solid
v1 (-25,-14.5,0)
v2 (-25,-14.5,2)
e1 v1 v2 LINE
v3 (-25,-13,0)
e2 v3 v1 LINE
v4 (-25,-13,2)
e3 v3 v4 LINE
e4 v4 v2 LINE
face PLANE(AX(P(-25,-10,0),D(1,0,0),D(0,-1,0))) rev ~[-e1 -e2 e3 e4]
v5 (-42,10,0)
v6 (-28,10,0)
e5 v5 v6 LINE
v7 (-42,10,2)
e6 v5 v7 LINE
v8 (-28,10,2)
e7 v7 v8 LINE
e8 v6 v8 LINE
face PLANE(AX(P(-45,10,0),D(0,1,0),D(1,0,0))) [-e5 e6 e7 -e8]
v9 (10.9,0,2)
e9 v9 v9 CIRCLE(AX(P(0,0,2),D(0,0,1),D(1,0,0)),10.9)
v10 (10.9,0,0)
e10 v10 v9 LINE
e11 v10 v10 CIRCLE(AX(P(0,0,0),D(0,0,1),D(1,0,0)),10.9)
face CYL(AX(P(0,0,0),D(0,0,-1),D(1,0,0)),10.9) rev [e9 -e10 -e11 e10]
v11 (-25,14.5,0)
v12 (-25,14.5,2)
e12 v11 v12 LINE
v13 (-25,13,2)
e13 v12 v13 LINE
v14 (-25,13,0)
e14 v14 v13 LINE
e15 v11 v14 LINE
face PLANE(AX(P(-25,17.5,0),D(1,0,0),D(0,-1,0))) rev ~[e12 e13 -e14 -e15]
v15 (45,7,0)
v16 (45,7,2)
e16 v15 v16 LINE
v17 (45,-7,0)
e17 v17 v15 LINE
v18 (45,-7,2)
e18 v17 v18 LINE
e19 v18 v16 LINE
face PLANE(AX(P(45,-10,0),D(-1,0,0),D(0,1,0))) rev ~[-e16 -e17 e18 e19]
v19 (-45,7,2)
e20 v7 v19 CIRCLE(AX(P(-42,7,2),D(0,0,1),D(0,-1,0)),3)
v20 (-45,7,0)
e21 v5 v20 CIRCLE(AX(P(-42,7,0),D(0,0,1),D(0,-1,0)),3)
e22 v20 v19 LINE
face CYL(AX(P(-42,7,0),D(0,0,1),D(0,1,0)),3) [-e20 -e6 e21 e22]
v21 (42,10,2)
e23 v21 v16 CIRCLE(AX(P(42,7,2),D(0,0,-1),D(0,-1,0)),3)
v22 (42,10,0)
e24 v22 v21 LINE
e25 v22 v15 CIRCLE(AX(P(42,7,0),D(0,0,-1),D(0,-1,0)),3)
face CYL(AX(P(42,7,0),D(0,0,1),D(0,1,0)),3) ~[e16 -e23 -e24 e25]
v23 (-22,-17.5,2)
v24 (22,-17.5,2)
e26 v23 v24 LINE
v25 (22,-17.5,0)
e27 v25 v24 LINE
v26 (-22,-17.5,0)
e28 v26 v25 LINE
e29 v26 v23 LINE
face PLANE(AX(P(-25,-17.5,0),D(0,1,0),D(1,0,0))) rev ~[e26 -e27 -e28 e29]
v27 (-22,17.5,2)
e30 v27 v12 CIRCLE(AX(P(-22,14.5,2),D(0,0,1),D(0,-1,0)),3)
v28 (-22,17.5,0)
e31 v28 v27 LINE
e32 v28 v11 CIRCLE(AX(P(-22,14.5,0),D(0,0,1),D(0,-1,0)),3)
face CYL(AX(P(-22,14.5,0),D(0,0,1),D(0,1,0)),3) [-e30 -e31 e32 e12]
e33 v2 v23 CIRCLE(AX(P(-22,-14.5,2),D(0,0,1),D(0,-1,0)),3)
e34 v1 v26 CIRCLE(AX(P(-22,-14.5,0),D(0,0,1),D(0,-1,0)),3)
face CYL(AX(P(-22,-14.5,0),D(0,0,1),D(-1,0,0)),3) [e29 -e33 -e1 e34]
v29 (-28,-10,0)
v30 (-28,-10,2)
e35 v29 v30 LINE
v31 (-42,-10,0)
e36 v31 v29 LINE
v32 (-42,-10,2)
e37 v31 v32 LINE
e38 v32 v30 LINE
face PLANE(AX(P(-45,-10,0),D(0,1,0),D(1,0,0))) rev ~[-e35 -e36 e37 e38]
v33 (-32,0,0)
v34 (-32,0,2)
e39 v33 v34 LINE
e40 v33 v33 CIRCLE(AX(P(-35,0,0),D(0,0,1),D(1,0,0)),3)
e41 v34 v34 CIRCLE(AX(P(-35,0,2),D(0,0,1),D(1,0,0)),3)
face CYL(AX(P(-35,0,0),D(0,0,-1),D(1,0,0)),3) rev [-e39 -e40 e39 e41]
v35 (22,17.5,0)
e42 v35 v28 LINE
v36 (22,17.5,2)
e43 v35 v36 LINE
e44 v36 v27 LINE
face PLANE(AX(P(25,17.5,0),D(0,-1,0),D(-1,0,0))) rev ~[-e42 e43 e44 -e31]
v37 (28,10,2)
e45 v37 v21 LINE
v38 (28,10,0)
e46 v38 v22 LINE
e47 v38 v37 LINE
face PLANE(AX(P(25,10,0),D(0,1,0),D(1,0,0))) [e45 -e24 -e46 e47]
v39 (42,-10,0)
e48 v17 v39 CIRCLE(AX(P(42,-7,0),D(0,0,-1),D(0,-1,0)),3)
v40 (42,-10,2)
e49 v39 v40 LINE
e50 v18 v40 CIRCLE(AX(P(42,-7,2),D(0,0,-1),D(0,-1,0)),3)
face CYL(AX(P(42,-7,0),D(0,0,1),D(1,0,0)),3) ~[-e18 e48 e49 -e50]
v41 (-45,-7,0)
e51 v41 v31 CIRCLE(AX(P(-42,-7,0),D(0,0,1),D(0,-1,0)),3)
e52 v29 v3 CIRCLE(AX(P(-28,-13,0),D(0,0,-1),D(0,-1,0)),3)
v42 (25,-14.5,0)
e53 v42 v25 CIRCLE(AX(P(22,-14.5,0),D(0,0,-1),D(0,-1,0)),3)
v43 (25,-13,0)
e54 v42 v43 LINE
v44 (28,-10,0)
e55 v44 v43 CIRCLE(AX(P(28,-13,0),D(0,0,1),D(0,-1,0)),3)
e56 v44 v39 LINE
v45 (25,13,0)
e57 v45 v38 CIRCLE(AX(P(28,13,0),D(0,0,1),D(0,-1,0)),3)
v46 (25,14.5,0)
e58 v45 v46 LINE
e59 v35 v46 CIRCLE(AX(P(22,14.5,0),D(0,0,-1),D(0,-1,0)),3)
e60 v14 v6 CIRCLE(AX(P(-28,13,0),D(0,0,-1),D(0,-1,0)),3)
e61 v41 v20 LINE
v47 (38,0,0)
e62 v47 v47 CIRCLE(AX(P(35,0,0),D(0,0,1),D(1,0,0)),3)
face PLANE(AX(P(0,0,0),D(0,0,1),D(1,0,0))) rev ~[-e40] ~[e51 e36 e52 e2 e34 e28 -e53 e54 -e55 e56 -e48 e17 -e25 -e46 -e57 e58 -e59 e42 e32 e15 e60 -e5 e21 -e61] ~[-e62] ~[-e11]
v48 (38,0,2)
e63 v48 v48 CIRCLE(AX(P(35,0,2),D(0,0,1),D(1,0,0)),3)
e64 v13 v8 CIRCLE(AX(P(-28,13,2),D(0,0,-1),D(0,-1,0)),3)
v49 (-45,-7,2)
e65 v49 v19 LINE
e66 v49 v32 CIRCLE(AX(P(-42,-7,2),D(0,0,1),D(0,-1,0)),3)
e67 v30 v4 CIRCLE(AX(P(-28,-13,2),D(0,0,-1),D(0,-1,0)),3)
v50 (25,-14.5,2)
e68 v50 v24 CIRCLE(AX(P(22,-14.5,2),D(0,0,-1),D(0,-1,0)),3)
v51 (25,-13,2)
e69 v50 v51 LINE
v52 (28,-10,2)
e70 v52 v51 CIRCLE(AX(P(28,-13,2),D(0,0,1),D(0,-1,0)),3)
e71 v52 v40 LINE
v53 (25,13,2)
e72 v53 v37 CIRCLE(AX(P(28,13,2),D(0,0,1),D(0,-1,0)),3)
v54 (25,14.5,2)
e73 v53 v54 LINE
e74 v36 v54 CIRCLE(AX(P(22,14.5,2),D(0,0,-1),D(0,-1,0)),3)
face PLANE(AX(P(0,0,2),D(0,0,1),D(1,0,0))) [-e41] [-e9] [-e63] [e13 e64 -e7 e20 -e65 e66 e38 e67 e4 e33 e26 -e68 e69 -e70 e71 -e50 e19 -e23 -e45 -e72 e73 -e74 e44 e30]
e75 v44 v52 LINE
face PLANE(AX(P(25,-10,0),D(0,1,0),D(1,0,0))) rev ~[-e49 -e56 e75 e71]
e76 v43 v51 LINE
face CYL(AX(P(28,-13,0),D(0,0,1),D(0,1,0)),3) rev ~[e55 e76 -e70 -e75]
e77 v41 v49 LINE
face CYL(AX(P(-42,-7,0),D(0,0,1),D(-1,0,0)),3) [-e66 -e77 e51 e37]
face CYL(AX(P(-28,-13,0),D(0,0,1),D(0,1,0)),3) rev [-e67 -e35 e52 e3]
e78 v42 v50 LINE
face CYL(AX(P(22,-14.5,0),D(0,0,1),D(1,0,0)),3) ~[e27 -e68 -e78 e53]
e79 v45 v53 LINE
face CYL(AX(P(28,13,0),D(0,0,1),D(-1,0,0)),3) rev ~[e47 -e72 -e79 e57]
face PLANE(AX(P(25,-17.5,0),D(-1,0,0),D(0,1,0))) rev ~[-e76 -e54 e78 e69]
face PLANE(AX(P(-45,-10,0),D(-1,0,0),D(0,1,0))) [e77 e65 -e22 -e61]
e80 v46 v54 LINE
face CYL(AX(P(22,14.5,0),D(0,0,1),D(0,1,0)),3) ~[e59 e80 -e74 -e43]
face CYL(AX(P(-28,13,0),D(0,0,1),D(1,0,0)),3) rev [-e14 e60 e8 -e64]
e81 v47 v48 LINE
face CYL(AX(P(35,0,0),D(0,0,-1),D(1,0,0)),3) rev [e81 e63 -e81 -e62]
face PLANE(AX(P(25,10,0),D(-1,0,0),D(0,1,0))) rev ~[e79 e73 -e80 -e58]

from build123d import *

# Parameters (mm, degrees)
F0_R     = 11.5
F0_W     = 20
F0_H     = 20
F0_R_2   = 3
F0_R_3   = 10.9
F1_DEPTH = 2
F2_R     = 3


with BuildPart() as f1:
    # F0 (on Top) → F1 (new body)
    with BuildSketch(Plane.XY):
        Polygon((25, 17.5), (-25, 17.5), (-25, 10), (-25, -10), (-25, -17.5), (25, -17.5), (25, -10), (25, 10), align=None)
        Circle(F0_R, mode=Mode.SUBTRACT)
        with Locations((-35, 0)):
            Rectangle(F0_W, F0_H)
        with Locations((-35, 0)):
            Circle(F0_R_2, mode=Mode.SUBTRACT)
        with Locations((35, 0)):
            Rectangle(F0_W, F0_H)
        with Locations((35, 0)):
            Circle(F0_R_2, mode=Mode.SUBTRACT)
        Circle(F0_R)
        Circle(F0_R_3, mode=Mode.SUBTRACT)
    extrude(amount=F1_DEPTH)

    # F2
    f2_edges = [f1.edges().sort_by_distance(p)[0] for p in [
        (-25, -10, 1),
        (-25, 10, 1),
        (25, 10, 1),
        (25, -10, 1),
        (25, 17.5, 1),
        (25, -17.5, 1),
        (-25, -17.5, 1),
        (-25, 17.5, 1),
        (-45, 10, 1),
        (-45, -10, 1),
        (45, -10, 1),
        (45, 10, 1),
    ]]
    fillet(f2_edges, radius=F2_R)


solid = f1.part
